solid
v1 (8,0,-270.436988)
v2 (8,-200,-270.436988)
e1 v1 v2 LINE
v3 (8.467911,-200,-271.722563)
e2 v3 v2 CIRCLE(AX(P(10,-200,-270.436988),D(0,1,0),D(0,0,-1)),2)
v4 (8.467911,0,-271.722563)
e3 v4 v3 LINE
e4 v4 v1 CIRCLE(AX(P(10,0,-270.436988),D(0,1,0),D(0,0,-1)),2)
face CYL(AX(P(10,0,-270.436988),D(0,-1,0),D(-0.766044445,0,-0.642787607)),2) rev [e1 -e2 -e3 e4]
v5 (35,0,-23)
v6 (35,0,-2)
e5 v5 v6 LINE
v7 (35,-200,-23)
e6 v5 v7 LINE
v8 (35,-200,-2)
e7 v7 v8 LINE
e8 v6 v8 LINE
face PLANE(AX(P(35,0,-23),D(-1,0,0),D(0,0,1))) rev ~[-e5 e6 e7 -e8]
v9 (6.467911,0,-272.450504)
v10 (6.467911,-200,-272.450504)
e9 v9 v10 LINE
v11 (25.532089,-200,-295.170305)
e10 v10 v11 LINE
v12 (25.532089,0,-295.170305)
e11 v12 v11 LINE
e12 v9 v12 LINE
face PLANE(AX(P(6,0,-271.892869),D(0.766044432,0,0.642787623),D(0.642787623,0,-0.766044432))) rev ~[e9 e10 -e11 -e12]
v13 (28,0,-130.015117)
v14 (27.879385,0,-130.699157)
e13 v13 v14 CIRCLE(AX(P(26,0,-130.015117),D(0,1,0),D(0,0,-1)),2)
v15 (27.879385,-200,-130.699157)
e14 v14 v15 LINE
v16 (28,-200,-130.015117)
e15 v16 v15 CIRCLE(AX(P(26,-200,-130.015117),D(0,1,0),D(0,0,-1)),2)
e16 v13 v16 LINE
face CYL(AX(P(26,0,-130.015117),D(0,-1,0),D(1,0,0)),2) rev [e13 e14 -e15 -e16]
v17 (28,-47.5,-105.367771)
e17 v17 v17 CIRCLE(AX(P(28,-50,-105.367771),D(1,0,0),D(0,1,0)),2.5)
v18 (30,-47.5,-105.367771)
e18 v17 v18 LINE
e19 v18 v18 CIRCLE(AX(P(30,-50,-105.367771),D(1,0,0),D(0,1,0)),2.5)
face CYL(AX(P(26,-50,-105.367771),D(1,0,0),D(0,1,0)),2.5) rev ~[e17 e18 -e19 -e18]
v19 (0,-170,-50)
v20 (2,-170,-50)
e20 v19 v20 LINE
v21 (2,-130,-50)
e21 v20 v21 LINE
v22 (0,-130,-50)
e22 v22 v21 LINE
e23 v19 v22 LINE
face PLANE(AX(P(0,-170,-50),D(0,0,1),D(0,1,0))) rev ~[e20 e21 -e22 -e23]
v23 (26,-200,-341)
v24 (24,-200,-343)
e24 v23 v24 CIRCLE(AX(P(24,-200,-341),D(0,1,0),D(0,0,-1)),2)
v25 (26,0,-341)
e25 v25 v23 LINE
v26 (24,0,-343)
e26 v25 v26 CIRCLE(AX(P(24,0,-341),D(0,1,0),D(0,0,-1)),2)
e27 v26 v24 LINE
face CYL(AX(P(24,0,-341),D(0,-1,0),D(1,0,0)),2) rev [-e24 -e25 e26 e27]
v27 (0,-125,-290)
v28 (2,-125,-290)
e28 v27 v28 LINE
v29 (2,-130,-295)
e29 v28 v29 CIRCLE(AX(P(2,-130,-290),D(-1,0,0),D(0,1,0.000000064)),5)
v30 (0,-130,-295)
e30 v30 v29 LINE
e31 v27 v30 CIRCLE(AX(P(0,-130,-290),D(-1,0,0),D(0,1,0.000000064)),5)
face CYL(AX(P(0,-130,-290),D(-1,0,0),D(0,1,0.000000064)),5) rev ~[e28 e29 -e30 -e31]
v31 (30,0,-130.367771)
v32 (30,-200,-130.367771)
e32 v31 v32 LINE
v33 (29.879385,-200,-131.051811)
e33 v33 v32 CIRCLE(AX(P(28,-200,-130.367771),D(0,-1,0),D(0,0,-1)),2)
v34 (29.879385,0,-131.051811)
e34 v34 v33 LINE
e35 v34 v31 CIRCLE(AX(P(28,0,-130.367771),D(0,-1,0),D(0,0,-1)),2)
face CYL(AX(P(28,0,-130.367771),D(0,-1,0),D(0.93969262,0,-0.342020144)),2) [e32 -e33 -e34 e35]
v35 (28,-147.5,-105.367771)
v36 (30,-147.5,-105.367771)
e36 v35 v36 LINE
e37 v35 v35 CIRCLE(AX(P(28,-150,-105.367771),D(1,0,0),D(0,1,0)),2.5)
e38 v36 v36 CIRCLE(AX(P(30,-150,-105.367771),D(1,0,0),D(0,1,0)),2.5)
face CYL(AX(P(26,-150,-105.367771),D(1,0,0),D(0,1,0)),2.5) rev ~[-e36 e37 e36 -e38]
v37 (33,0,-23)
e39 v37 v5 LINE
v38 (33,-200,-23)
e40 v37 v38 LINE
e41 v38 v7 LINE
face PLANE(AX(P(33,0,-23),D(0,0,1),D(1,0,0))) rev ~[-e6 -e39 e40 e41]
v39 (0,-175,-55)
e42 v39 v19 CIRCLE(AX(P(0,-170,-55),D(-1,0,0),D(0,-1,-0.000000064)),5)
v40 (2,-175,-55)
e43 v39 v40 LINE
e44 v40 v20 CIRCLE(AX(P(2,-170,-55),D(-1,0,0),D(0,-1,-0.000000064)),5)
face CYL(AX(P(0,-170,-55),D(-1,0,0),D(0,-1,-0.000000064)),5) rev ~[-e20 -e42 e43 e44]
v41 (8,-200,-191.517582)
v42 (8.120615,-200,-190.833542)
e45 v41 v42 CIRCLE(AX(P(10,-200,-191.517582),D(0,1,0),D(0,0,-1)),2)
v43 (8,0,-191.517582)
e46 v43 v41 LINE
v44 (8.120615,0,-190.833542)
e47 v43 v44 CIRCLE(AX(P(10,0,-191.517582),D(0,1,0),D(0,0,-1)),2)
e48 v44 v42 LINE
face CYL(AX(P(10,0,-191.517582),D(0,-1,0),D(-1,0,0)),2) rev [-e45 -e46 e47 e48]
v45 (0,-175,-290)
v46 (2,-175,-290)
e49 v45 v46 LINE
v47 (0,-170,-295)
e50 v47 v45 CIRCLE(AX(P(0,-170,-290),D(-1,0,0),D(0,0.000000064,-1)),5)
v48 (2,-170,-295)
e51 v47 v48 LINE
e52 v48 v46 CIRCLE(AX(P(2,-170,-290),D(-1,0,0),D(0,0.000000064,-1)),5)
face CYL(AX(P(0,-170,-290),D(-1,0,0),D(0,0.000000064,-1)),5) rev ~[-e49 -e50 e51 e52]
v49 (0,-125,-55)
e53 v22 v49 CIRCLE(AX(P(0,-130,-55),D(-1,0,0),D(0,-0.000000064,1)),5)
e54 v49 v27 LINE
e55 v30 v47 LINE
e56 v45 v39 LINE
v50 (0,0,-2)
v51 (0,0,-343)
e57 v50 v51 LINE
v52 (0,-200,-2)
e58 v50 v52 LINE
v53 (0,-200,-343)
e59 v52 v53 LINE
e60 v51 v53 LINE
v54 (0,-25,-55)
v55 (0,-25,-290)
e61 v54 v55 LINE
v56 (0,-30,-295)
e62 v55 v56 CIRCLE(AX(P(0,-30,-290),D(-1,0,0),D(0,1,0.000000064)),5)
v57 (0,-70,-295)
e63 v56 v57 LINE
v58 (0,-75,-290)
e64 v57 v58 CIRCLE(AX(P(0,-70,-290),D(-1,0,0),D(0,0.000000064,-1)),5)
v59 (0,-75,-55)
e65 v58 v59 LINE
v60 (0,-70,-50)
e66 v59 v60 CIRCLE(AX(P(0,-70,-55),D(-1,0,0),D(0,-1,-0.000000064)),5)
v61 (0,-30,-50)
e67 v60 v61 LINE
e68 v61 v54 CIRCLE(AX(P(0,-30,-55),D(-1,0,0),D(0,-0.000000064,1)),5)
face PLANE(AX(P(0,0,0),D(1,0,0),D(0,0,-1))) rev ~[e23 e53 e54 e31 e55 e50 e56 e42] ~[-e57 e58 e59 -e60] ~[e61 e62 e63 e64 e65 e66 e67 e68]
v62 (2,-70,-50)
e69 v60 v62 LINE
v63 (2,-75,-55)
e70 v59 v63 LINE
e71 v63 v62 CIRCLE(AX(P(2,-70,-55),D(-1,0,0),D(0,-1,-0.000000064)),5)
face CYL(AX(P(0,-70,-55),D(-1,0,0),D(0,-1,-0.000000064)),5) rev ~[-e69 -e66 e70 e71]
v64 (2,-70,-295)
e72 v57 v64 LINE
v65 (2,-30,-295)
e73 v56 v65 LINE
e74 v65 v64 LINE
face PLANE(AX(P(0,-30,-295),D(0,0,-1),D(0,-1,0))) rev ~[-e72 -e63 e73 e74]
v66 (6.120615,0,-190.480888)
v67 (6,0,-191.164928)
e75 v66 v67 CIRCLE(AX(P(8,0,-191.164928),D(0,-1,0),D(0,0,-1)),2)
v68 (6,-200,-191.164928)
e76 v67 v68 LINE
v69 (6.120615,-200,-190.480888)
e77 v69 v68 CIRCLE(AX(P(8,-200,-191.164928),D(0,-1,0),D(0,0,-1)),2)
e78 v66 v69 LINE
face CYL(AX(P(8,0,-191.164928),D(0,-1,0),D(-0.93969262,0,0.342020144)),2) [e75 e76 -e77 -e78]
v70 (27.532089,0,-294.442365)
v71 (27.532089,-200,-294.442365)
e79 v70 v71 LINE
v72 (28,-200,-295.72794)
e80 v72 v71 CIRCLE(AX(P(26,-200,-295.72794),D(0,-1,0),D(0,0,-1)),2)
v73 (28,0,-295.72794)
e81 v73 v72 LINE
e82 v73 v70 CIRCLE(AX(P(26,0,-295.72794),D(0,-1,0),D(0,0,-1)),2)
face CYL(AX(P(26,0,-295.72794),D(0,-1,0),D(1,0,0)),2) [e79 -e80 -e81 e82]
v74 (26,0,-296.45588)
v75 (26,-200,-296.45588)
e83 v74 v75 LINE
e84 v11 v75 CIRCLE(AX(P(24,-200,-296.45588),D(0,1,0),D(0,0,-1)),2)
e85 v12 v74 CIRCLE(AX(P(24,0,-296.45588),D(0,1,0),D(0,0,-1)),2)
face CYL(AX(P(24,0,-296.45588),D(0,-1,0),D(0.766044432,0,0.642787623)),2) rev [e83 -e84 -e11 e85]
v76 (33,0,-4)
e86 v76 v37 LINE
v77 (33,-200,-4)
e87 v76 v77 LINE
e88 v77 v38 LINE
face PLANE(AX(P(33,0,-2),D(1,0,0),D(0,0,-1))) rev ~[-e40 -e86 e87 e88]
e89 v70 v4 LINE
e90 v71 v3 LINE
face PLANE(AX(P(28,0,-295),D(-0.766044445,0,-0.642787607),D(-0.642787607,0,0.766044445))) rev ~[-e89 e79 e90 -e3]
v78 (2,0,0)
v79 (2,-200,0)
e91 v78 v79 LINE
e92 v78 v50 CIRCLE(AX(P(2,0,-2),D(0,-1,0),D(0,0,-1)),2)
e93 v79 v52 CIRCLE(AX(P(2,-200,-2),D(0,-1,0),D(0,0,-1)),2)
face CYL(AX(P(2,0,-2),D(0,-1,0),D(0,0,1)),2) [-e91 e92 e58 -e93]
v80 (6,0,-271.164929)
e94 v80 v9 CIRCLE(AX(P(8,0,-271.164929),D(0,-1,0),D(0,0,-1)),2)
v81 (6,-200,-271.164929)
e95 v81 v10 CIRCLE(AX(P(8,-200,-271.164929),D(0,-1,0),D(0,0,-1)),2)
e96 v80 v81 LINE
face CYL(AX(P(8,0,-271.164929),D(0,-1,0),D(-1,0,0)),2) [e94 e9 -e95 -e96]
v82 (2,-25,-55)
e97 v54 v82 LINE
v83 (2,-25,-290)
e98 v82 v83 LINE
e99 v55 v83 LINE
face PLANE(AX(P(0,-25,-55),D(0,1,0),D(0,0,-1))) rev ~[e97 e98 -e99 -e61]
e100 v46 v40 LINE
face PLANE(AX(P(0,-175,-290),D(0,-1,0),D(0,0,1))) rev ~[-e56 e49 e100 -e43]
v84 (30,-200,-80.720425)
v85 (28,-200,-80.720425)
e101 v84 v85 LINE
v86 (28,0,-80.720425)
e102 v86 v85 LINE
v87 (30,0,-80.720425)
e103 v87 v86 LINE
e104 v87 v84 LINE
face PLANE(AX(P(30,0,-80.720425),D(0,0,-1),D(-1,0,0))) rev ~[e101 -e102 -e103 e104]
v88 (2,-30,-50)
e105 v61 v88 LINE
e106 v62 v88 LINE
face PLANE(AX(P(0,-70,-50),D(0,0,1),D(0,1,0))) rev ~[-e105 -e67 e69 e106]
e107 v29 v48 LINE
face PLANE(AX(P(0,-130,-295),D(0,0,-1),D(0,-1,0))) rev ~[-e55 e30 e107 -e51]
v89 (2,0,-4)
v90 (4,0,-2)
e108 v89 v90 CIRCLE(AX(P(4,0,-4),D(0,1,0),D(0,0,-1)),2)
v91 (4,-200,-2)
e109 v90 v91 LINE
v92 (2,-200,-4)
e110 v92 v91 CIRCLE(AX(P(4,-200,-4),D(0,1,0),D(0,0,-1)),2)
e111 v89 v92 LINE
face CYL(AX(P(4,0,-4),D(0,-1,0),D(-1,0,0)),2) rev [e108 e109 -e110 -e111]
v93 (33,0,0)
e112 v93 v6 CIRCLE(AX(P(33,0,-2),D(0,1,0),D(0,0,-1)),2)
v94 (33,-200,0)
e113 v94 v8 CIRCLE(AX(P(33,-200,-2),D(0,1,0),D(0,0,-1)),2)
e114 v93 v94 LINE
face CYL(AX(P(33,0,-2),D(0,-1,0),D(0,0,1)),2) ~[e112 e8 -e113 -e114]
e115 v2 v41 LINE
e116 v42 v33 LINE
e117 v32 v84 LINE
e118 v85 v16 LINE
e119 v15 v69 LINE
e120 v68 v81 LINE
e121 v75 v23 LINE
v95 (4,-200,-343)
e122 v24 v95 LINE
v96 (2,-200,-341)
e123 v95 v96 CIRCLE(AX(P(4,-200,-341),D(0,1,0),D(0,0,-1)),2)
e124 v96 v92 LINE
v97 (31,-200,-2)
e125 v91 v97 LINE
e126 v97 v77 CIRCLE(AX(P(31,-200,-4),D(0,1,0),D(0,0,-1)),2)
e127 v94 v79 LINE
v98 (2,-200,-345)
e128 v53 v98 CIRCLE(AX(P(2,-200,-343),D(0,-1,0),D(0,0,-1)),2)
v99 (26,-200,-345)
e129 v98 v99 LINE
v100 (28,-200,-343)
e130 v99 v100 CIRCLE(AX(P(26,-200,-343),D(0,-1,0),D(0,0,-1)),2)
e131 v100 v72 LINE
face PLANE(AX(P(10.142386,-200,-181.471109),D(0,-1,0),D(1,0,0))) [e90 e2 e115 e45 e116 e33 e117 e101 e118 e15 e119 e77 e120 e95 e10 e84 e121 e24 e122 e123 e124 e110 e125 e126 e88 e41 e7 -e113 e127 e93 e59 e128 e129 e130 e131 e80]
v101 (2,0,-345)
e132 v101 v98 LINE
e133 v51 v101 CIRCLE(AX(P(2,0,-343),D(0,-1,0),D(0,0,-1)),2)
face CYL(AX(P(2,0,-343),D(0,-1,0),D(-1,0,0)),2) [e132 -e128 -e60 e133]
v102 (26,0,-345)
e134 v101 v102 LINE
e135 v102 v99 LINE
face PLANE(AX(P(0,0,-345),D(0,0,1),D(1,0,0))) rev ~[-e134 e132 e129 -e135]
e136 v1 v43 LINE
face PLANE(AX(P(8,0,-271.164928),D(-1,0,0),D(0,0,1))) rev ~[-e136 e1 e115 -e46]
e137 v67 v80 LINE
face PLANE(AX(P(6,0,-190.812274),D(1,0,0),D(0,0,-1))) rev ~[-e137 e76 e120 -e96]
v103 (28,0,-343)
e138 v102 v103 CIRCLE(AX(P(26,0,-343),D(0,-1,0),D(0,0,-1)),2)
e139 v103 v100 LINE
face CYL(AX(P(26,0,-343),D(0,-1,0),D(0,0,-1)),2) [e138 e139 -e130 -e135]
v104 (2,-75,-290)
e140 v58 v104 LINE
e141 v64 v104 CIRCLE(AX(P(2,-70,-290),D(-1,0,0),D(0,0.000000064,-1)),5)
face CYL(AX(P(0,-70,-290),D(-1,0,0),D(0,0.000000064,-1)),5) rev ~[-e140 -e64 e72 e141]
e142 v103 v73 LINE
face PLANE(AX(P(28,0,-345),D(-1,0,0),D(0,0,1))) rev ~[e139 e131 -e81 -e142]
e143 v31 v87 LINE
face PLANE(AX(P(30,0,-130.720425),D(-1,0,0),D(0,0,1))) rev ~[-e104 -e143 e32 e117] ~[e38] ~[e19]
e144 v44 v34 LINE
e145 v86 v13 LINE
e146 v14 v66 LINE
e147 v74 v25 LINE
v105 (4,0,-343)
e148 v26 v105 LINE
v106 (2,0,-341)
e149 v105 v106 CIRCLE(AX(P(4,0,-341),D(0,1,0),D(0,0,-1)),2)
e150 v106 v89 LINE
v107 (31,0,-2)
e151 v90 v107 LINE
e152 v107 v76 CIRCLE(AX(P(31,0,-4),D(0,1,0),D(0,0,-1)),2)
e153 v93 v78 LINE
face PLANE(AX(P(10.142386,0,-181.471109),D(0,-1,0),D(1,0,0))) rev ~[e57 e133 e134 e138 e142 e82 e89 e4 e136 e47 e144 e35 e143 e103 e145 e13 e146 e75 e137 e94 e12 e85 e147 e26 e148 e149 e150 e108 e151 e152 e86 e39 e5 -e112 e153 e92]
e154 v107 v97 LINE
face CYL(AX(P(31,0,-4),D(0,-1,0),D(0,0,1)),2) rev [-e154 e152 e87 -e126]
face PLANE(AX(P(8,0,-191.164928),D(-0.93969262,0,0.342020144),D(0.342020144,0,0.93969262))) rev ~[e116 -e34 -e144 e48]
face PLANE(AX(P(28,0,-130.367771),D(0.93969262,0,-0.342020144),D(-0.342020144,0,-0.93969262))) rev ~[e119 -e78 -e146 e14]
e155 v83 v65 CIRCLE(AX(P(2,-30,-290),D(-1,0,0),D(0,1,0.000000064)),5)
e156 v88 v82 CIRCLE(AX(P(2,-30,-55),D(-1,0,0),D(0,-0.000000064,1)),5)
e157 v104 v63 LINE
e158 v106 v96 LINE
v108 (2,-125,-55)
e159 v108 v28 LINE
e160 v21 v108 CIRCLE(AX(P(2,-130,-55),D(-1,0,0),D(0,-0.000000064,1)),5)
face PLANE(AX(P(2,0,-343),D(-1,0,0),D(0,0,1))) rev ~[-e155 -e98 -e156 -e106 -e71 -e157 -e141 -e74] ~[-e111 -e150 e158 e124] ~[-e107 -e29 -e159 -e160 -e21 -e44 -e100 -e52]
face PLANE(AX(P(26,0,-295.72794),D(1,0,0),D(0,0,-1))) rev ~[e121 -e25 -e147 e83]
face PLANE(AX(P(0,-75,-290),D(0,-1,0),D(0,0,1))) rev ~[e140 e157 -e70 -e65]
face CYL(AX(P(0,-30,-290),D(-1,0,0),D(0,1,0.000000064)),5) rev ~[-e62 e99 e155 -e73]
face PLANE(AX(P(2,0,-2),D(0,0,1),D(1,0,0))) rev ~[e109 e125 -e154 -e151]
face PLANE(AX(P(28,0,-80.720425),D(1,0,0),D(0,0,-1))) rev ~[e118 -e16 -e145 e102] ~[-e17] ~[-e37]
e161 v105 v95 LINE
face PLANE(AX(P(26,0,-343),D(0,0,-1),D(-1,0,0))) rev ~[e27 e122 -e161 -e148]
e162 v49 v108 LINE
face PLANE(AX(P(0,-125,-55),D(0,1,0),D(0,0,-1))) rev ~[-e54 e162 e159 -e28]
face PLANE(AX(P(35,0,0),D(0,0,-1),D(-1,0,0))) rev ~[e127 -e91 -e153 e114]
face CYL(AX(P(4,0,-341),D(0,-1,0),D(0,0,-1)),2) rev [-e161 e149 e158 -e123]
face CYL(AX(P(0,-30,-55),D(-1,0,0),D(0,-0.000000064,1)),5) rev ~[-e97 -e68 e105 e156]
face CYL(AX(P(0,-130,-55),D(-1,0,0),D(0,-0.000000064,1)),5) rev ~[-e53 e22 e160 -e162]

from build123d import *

# Parameters (mm, degrees)
F1_DEPTH = 200
F2_R     = 2
F4_DEPTH = 2
F6_D     = 5
F6_DEPTH = 2


with BuildPart() as f1:
    # F0 (on Front) → F1 (new body)
    with BuildSketch(Plane.XZ):
        Polygon((35, 0), (0, 0), (0, -345), (28, -345), (28, -295), (8, -271.164928), (8, -191.164928), (30, -130.720425), (30, -80.720425), (28, -80.720425), (28, -130.367771), (6, -190.812274), (6, -271.892869), (26, -295.72794), (26, -343), (2, -343), (2, -2), (33, -2), (33, -23), (35, -23), align=None)
    extrude(amount=F1_DEPTH)

    # F2
    f2_edges = [f1.edges().sort_by_distance(p)[0] for p in [
        (0, -100, 0),
        (35, -100, 0),
        (33, -100, -2),
        (2, -100, -2),
        (0, -100, -345),
        (2, -100, -343),
        (28, -100, -345),
        (26, -100, -343),
        (26, -100, -295.72794),
        (28, -100, -295),
        (8, -100, -271.164928),
        (6, -100, -271.892869),
        (6, -100, -190.812274),
        (8, -100, -191.164928),
        (30, -100, -130.720425),
        (28, -100, -130.367771),
    ]]
    fillet(f2_edges, radius=F2_R)

    # F3 (on face) → F4 (cut)
    with BuildSketch(Plane(origin=(0, 0, 0), x_dir=(0, -1, 0), z_dir=(-1, 0, 0))):
        with BuildLine():
            Line((70, -50), (30, -50))
            ThreePointArc((30, -50), (26.464466, -51.464466), (25, -55))
            Line((25, -55), (25, -290))
            ThreePointArc((25, -290), (26.464466, -293.535534), (30, -295))
            Line((30, -295), (70, -295))
            ThreePointArc((70, -295), (73.535534, -293.535534), (75, -290))
            Line((75, -290), (75, -55))
            ThreePointArc((75, -55), (73.535534, -51.464466), (70, -50))
        make_face()
        with BuildLine():
            ThreePointArc((125, -290), (126.464466, -293.535534), (130, -295))
            Line((130, -295), (170, -295))
            ThreePointArc((170, -295), (173.535534, -293.535534), (175, -290))
            Line((175, -290), (175, -55))
            ThreePointArc((175, -55), (173.535534, -51.464466), (170, -50))
            Line((170, -50), (130, -50))
            ThreePointArc((130, -50), (126.464466, -51.464466), (125, -55))
            Line((125, -55), (125, -290))
        make_face()
    extrude(amount=-F4_DEPTH, mode=Mode.SUBTRACT)

    # F6
    with Locations(Plane(origin=(28, 0, 0), x_dir=(0, -1, 0), z_dir=(-1, 0, 0))):
        with Locations((50, -105.367771), (150, -105.367771)):
            Hole(F6_D / 2, depth=F6_DEPTH)


solid = f1.part
